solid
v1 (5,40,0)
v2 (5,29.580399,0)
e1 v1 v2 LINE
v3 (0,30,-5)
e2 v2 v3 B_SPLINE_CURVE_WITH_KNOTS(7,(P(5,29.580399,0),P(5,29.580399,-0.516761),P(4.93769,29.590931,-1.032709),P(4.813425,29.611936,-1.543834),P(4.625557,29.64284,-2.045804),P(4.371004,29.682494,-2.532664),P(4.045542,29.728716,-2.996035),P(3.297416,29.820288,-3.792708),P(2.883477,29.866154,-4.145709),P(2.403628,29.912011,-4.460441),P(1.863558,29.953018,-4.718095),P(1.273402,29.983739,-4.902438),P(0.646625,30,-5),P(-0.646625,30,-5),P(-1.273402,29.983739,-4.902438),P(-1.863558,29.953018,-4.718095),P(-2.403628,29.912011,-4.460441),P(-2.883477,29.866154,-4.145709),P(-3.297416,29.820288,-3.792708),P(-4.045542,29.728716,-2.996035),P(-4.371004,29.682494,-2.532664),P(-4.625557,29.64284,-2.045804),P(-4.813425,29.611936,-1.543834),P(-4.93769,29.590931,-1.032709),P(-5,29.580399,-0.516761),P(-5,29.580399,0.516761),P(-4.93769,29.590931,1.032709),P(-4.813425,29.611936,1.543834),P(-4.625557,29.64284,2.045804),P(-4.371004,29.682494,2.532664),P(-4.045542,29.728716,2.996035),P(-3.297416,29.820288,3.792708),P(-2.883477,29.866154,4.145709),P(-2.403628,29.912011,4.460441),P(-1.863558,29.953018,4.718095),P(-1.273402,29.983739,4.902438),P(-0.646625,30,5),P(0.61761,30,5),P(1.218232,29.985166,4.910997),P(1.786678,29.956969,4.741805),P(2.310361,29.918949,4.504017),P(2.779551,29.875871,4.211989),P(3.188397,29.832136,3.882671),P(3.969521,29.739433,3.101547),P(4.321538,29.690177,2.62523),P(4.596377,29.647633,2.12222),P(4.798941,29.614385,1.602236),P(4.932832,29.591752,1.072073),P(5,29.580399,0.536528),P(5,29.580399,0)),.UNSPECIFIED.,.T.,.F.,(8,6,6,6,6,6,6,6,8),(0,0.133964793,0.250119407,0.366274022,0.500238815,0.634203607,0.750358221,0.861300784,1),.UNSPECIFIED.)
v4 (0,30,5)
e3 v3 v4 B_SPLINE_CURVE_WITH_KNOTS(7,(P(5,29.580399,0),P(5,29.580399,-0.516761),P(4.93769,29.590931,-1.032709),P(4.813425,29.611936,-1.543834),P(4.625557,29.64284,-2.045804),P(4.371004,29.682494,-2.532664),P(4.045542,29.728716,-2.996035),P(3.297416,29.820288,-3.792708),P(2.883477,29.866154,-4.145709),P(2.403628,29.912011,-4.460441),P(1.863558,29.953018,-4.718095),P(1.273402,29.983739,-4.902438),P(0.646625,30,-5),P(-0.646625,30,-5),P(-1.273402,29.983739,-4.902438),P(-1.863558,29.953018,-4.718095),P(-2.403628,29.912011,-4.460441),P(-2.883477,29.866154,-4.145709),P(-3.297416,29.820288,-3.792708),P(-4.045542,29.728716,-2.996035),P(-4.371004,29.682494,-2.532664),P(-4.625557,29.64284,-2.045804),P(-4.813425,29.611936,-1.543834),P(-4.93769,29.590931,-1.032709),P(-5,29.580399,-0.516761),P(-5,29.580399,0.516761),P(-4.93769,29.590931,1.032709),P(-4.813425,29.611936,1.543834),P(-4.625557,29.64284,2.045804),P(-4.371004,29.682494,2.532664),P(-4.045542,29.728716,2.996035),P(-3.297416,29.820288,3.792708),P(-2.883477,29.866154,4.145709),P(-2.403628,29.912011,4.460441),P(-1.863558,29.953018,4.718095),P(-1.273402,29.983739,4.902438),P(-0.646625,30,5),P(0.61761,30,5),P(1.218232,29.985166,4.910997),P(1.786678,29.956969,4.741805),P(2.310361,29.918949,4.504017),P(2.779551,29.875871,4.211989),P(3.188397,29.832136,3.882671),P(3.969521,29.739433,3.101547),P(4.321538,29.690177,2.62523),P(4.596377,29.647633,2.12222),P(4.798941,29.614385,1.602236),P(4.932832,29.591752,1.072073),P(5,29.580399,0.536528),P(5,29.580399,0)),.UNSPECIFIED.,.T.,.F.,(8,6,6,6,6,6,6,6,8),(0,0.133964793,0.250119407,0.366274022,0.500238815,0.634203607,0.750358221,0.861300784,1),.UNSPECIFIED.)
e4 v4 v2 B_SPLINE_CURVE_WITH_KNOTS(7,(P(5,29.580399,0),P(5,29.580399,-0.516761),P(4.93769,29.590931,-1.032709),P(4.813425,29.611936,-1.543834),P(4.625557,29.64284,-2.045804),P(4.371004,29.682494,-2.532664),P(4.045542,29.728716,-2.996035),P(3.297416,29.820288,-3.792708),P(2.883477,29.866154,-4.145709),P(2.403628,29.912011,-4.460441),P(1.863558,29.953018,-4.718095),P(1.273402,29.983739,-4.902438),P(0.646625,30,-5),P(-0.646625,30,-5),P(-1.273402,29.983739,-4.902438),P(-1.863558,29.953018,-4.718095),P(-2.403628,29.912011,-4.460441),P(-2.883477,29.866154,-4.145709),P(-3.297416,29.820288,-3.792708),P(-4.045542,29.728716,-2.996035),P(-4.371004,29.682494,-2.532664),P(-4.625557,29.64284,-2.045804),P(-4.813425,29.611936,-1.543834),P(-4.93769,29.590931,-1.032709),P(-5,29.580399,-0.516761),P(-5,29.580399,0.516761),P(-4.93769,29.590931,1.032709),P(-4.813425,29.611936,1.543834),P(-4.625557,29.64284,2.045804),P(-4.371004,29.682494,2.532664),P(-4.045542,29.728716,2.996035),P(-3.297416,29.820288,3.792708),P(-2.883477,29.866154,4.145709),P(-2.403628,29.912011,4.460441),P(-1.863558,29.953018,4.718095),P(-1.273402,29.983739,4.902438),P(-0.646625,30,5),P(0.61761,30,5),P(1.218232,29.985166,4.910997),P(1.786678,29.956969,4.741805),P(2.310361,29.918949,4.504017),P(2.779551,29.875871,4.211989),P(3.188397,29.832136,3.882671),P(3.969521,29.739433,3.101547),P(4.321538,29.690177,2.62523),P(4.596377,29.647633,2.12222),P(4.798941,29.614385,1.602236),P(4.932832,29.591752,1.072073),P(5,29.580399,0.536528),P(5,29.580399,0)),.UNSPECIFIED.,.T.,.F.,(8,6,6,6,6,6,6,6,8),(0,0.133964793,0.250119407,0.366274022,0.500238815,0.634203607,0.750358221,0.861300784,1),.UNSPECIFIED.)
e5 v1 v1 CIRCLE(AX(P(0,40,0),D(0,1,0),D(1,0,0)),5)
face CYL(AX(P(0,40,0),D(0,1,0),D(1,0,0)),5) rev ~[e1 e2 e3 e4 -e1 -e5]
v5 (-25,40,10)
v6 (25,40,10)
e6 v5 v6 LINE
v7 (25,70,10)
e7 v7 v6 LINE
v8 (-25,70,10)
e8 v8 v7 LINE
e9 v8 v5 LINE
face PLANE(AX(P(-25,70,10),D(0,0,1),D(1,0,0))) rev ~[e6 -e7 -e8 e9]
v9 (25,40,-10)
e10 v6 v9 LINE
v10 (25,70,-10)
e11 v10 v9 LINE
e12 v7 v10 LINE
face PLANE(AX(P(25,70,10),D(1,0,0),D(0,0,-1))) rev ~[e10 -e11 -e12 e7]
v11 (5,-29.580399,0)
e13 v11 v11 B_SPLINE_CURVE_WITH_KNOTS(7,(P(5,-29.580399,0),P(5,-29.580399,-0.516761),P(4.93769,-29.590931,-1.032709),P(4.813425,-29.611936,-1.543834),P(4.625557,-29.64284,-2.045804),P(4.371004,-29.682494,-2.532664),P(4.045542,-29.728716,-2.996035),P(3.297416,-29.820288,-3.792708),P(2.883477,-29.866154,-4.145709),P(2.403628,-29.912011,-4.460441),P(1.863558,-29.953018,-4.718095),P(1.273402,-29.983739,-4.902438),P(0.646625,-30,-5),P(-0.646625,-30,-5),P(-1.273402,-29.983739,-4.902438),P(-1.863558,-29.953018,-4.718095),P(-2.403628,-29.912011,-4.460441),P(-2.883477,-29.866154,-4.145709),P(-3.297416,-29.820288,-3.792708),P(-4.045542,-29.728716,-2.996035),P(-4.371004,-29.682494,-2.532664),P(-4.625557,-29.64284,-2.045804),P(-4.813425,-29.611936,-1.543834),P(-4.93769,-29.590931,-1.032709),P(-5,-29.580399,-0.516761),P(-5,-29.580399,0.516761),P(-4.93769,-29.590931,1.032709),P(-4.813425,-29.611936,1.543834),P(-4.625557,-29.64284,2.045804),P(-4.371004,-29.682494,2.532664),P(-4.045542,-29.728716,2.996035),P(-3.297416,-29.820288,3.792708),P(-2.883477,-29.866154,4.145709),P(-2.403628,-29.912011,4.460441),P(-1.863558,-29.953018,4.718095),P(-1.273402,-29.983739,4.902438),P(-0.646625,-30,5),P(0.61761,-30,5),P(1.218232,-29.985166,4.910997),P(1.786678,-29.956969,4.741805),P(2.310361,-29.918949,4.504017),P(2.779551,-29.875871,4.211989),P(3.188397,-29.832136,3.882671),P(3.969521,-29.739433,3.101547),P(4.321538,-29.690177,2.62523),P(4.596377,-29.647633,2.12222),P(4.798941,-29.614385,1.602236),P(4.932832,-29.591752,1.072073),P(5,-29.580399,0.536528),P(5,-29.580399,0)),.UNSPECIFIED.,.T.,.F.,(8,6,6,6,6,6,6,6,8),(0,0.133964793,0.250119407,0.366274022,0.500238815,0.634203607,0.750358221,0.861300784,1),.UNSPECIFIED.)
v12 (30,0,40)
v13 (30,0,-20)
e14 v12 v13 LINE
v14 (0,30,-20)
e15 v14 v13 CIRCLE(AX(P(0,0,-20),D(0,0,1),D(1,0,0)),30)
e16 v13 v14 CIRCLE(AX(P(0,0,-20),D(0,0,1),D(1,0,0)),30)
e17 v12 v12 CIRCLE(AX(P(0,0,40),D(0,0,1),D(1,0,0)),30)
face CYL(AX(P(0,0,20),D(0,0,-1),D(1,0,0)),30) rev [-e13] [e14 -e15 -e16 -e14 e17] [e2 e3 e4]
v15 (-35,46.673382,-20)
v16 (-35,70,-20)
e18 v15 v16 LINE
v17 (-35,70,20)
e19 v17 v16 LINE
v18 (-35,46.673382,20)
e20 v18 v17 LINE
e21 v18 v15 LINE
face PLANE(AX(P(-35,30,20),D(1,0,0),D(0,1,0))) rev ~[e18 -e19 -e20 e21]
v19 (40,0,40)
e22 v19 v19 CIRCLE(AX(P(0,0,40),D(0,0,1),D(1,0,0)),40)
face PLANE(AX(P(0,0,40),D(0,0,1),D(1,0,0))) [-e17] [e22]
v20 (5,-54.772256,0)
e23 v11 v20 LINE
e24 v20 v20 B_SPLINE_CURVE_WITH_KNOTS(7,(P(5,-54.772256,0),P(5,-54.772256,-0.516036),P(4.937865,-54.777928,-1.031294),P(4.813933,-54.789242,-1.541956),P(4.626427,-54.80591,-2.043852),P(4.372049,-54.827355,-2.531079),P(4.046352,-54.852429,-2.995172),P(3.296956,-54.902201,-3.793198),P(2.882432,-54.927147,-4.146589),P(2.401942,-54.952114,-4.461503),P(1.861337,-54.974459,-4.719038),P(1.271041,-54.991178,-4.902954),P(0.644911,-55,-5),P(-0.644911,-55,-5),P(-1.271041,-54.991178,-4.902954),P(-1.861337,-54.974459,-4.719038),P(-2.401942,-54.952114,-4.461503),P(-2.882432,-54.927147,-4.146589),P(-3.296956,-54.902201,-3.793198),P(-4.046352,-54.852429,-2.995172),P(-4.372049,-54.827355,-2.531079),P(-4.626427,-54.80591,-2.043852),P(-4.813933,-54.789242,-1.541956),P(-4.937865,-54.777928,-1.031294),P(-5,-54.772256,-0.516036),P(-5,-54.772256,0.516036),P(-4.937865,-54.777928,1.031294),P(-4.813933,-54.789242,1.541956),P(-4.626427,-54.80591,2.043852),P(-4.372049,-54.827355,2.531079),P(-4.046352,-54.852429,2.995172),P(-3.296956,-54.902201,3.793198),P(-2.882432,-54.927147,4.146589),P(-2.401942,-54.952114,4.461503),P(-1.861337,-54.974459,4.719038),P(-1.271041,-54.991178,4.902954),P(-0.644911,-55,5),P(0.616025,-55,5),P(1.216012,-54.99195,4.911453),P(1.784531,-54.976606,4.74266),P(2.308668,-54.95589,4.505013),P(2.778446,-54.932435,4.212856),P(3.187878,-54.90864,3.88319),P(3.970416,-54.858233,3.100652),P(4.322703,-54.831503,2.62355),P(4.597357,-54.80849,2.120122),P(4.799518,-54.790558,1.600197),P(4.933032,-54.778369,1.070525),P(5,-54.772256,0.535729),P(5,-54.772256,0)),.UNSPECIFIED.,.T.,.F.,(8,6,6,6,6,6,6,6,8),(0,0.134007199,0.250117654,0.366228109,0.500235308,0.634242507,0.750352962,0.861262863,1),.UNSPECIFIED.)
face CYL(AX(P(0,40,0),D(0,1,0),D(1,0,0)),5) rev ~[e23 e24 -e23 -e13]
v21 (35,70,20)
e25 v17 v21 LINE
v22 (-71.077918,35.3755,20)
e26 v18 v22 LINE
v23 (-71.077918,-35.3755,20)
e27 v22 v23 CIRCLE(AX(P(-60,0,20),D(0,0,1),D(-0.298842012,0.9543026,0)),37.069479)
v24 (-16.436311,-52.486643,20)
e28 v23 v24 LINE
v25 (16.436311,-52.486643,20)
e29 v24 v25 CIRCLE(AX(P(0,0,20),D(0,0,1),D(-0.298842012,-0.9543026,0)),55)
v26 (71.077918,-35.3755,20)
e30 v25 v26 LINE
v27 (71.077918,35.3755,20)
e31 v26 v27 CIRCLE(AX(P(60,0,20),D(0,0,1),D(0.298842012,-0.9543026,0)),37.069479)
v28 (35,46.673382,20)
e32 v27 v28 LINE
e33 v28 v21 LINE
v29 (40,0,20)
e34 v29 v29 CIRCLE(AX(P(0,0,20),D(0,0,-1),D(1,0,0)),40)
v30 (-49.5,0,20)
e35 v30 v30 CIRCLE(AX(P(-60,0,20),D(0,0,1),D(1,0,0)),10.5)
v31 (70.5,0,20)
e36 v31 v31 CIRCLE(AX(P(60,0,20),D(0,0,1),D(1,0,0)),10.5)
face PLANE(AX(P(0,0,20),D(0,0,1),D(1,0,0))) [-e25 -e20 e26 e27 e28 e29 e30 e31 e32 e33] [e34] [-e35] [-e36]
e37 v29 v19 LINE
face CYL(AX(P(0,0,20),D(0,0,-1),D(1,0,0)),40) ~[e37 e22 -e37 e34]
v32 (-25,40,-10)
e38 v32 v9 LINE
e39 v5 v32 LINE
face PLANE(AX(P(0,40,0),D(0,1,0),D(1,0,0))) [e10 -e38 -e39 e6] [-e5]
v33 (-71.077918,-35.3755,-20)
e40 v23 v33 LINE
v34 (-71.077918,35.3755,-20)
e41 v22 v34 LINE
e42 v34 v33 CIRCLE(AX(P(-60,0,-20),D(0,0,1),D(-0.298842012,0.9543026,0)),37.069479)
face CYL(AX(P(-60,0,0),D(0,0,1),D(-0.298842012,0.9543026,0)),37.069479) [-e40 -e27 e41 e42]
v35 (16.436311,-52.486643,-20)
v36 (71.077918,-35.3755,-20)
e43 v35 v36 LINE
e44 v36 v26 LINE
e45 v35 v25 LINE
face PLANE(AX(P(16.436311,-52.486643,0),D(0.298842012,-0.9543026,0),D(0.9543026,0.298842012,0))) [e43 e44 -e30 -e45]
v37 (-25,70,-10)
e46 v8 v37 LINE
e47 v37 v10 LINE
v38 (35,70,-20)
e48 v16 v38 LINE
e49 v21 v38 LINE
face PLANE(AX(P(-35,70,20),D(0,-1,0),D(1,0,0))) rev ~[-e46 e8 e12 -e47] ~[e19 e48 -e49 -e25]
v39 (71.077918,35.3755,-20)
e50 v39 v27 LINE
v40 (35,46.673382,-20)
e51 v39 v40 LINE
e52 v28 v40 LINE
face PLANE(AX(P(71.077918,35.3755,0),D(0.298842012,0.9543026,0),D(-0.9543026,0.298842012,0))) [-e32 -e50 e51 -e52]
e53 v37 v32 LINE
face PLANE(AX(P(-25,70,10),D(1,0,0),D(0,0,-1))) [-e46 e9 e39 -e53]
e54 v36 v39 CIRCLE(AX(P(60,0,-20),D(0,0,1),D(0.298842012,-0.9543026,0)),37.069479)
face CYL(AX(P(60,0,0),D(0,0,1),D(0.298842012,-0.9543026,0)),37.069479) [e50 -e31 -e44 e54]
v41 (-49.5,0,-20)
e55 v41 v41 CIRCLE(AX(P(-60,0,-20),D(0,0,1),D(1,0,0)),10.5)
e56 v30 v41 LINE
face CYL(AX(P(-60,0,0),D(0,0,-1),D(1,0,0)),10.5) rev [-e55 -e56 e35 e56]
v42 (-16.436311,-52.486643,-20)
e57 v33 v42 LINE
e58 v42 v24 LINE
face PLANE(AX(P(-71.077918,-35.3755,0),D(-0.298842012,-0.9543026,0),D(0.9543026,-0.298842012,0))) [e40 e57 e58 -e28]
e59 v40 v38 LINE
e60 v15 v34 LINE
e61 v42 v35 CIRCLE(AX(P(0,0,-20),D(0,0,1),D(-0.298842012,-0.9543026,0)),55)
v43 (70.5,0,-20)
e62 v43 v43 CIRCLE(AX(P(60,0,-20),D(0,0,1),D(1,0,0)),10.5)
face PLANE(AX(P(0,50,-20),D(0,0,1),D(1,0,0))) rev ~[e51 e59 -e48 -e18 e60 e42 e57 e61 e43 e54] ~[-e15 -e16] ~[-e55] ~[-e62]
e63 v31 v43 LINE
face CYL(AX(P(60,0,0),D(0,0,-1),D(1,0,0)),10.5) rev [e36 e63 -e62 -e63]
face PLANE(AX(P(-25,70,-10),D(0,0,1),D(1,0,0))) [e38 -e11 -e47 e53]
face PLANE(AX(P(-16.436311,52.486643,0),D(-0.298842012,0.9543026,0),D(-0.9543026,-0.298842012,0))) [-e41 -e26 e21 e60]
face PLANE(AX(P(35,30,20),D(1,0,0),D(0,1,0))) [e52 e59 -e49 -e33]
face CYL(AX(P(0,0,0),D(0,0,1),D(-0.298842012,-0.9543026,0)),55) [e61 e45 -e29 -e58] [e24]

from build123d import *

# Parameters (mm, degrees)
IZIM1_R                     = 10.5
IZIM1_R_2                   = 40
IZIM1_R_3                   = 30
Y_KSEKLIK_EKSTR_ZYON1_DEPTH = 20
IZIM3_R                     = 40
IZIM3_R_2                   = 30
Y_KSEKLIK_EKSTR_ZYON2_DEPTH = 20
IZIM4_W                     = 70
IZIM4_H                     = 40
Y_KSEKLIK_EKSTR_ZYON3_DEPTH = 40
IZIM6_W                     = 50
IZIM6_H                     = 20
KES_EKSTR_ZYON4_DEPTH       = 30
IZIM8_R                     = 5
KES_EKSTR_ZYON5_DEPTH       = 96


with BuildPart() as part:
    # Çizim1 → Yükseklik-Ekstrüzyon1 (new body, symmetric)
    with BuildSketch(Plane.XY):
        with BuildLine():
            Line((-71.077917778, -35.375500425), (-16.436310678, -52.48664298))
            ThreePointArc((-16.436310678, -52.48664298), (0, -55), (16.436310678, -52.48664298))
            Line((16.436310678, -52.48664298), (71.077917778, -35.375500425))
            ThreePointArc((71.077917778, -35.375500425), (97.06947926, 0), (71.077917778, 35.375500425))
            Line((71.077917778, 35.375500425), (16.436310678, 52.48664298))
            ThreePointArc((16.436310678, 52.48664298), (0, 55), (-16.436310678, 52.48664298))
            Line((-16.436310678, 52.48664298), (-71.077917778, 35.375500425))
            ThreePointArc((-71.077917778, 35.375500425), (-97.06947926, 0), (-71.077917778, -35.375500425))
        make_face()
        with Locations((-60, 0)):
            Circle(IZIM1_R, mode=Mode.SUBTRACT)
        with Locations((60, 0)):
            Circle(IZIM1_R, mode=Mode.SUBTRACT)
        Circle(IZIM1_R_2, mode=Mode.SUBTRACT)
        Circle(IZIM1_R_2)
        Circle(IZIM1_R_3, mode=Mode.SUBTRACT)
    extrude(amount=Y_KSEKLIK_EKSTR_ZYON1_DEPTH, both=True)

    # Çizim3 → Yükseklik-Ekstrüzyon2 (add)
    with BuildSketch(Plane.XY.offset(20)):
        Circle(IZIM3_R)
        Circle(IZIM3_R_2, mode=Mode.SUBTRACT)
    extrude(amount=Y_KSEKLIK_EKSTR_ZYON2_DEPTH)

    # Çizim4 → Yükseklik-Ekstrüzyon3 (add)
    with BuildSketch(Plane.XY.offset(20)):
        with Locations((0, 50)):
            Rectangle(IZIM4_W, IZIM4_H)
    extrude(amount=-Y_KSEKLIK_EKSTR_ZYON3_DEPTH)

    # Çizim6 → Kes-Ekstrüzyon4 (cut)
    with BuildSketch(Plane(origin=(0, 70, 0), x_dir=(1, 0, 0), z_dir=(0, 1, 0))):
        Rectangle(IZIM6_W, IZIM6_H)
    extrude(amount=-KES_EKSTR_ZYON4_DEPTH, mode=Mode.SUBTRACT)

    # Çizim8 → Kes-Ekstrüzyon5 (cut, through all)
    with BuildSketch(Plane(origin=(0, 40, 0), x_dir=(1, 0, 0), z_dir=(0, 1, 0))):
        Circle(IZIM8_R)
    extrude(amount=-KES_EKSTR_ZYON5_DEPTH, mode=Mode.SUBTRACT)


solid = part.part
